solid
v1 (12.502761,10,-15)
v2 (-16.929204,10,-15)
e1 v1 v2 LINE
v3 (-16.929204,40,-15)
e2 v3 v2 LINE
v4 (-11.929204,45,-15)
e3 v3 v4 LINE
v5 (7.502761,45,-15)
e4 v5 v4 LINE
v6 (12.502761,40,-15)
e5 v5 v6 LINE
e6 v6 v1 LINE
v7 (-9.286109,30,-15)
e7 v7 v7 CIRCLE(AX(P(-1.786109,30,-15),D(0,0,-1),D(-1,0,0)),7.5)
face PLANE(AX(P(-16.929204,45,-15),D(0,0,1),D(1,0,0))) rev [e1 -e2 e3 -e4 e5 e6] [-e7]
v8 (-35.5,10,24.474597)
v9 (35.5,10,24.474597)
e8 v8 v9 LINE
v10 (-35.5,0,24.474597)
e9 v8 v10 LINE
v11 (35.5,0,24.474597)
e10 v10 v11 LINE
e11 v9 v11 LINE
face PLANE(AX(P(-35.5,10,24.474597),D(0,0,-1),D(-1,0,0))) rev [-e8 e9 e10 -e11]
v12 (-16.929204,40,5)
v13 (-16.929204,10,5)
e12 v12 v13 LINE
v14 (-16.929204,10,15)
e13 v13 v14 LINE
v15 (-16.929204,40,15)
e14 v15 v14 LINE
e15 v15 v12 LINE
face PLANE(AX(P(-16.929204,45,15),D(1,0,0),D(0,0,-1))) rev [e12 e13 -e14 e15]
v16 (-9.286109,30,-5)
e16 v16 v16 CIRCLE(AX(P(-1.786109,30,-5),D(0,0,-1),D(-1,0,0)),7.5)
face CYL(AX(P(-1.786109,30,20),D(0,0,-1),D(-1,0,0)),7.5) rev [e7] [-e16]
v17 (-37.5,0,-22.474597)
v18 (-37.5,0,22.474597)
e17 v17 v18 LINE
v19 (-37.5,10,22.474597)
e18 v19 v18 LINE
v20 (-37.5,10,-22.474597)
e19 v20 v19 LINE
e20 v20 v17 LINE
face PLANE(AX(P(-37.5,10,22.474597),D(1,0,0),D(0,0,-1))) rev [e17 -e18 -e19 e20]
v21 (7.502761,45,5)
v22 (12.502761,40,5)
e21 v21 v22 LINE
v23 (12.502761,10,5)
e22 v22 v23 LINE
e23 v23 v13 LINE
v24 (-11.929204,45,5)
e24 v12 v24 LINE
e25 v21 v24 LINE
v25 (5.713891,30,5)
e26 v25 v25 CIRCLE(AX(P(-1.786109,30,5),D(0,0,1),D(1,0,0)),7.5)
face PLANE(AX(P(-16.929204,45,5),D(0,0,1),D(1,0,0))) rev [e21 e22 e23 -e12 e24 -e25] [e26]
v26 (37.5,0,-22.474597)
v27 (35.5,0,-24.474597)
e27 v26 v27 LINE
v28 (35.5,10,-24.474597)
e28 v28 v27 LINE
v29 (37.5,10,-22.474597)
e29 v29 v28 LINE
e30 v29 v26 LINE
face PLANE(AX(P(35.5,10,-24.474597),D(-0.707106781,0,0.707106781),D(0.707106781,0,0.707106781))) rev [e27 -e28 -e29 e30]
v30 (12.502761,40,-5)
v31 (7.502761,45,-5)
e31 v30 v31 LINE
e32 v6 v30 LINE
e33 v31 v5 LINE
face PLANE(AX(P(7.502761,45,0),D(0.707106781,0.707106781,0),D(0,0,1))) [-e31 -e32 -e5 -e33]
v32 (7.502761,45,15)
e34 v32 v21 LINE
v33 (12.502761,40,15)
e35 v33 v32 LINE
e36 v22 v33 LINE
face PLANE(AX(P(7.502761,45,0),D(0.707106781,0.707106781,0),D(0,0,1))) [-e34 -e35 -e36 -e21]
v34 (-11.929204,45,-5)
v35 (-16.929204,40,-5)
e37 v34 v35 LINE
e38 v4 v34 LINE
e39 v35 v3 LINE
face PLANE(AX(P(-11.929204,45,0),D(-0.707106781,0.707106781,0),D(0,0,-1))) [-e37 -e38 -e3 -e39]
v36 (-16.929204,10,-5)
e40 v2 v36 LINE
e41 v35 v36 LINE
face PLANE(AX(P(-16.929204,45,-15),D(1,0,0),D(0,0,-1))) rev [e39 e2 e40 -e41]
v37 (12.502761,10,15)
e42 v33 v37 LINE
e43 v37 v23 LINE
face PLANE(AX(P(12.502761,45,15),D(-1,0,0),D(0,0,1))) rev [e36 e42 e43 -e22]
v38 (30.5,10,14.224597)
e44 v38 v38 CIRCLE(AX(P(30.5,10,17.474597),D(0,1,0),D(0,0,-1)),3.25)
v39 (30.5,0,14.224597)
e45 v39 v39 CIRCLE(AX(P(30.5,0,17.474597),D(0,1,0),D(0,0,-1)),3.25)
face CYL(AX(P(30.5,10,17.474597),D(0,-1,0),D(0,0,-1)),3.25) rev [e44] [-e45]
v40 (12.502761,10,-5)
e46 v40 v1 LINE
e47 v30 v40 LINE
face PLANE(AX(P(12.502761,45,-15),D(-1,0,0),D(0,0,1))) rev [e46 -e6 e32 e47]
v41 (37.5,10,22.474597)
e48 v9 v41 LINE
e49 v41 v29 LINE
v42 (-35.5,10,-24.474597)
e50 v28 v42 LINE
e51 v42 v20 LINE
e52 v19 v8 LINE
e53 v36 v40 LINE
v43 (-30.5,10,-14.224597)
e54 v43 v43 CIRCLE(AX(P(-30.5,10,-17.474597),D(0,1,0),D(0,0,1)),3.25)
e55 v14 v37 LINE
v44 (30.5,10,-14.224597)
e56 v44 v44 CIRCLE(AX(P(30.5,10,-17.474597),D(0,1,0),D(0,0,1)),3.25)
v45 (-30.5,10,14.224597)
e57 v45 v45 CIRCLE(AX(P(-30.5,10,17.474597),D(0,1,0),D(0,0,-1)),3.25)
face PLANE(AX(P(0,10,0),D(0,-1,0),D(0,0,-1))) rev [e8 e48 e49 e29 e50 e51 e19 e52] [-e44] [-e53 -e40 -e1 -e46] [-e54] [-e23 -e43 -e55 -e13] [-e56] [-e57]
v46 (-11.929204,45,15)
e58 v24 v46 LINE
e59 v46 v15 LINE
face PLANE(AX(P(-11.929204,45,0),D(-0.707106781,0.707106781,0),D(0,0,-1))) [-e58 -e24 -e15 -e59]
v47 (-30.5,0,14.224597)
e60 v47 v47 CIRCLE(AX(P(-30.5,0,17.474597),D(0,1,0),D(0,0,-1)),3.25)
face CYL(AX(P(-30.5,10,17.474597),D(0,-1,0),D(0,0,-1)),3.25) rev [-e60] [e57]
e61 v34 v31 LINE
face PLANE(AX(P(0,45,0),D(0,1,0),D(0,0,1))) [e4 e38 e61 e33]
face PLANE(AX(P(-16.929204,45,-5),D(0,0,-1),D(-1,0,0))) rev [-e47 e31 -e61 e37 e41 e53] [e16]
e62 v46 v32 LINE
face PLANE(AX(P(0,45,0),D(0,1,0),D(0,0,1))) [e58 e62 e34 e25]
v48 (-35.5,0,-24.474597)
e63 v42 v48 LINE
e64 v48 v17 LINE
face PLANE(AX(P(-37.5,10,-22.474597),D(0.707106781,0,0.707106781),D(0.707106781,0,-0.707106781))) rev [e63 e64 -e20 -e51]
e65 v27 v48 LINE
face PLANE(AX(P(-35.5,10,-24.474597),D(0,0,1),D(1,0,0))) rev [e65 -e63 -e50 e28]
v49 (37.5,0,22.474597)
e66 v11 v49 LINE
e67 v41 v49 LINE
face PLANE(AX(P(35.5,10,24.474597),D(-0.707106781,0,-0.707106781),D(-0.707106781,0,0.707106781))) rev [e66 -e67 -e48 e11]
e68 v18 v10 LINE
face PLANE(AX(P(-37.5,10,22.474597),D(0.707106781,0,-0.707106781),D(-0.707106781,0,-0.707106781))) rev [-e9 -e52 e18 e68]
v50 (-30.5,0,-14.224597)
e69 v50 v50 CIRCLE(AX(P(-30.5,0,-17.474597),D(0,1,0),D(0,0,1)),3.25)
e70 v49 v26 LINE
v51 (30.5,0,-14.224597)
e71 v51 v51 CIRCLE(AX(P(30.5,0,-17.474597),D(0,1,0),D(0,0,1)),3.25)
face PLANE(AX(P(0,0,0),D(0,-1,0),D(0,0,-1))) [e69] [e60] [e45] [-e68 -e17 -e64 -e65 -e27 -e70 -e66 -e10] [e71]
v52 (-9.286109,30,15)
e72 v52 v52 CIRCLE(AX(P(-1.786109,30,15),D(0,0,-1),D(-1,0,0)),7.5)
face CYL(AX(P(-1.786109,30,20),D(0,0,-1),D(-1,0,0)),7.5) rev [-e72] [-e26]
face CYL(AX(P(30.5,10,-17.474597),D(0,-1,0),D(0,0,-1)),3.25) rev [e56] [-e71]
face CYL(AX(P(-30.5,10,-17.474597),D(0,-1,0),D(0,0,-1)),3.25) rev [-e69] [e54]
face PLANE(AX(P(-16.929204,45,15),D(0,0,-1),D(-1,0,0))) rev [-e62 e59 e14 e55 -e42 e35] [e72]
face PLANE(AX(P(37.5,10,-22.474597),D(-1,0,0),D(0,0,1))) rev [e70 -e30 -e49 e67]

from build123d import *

# Parameters (mm, degrees)
SKETCH1_R           = 3.25
BOSS_EXTRUDE1_DEPTH = 10
SKETCH2_W           = 29.431964563
SKETCH2_H           = 10
BOSS_EXTRUDE2_DEPTH = 35
SKETCH3_R           = 7.5
CUT_EXTRUDE1_DEPTH  = 35
CHAMFER1_SIZE       = 5


with BuildPart() as part:
    # Sketch1 → Boss-Extrude1 (new body)
    with BuildSketch(Plane(origin=(0, 0, 0), x_dir=(1, 0, 0), z_dir=(0, 1, 0))):
        Polygon((-37.5, -22.474596659), (-37.5, 22.474596659), (-35.5, 24.474596659), (35.5, 24.474596659), (37.5, 22.474596659), (37.5, -22.474596659), (35.5, -24.474596659), (-35.5, -24.474596659), align=None)
        with Locations(Location((-30.5, 17.474596659, 0), (0, 0, 270))):
            Circle(SKETCH1_R, mode=Mode.SUBTRACT)
        with Locations(Location((30.5, 17.474596659, 0), (0, 0, 270))):
            Circle(SKETCH1_R, mode=Mode.SUBTRACT)
        with Locations(Location((30.5, -17.474596659, 0), (0, 0, 90))):
            Circle(SKETCH1_R, mode=Mode.SUBTRACT)
        with Locations(Location((-30.5, -17.474596659, 0), (0, 0, 90))):
            Circle(SKETCH1_R, mode=Mode.SUBTRACT)
    extrude(amount=BOSS_EXTRUDE1_DEPTH)

    # Sketch2 → Boss-Extrude2 (add)
    with BuildSketch(Plane(origin=(0, 10, 0), x_dir=(1, 0, 0), z_dir=(0, 1, 0))):
        with Locations((-2.213221609, -10)):
            Rectangle(SKETCH2_W, SKETCH2_H)
        with Locations((-2.213221609, 10)):
            Rectangle(SKETCH2_W, SKETCH2_H)
    extrude(amount=BOSS_EXTRUDE2_DEPTH)

    # Sketch3 → Cut-Extrude1 (cut)
    with BuildSketch(Plane(origin=(0, 0, -15), x_dir=(-1, 0, 0), z_dir=(0, 0, -1))):
        with Locations((1.786108667, 30)):
            Circle(SKETCH3_R)
    extrude(amount=-CUT_EXTRUDE1_DEPTH, mode=Mode.SUBTRACT)

    # Chamfer1
    chamfer1_edges = [part.edges().sort_by_distance(p)[0] for p in [
        (-16.929203891, 45, -10),
        (12.502760672, 45, -10),
        (12.502760672, 45, 10),
        (-16.929203891, 45, 10),
    ]]
    chamfer(chamfer1_edges, length=CHAMFER1_SIZE)


solid = part.part
